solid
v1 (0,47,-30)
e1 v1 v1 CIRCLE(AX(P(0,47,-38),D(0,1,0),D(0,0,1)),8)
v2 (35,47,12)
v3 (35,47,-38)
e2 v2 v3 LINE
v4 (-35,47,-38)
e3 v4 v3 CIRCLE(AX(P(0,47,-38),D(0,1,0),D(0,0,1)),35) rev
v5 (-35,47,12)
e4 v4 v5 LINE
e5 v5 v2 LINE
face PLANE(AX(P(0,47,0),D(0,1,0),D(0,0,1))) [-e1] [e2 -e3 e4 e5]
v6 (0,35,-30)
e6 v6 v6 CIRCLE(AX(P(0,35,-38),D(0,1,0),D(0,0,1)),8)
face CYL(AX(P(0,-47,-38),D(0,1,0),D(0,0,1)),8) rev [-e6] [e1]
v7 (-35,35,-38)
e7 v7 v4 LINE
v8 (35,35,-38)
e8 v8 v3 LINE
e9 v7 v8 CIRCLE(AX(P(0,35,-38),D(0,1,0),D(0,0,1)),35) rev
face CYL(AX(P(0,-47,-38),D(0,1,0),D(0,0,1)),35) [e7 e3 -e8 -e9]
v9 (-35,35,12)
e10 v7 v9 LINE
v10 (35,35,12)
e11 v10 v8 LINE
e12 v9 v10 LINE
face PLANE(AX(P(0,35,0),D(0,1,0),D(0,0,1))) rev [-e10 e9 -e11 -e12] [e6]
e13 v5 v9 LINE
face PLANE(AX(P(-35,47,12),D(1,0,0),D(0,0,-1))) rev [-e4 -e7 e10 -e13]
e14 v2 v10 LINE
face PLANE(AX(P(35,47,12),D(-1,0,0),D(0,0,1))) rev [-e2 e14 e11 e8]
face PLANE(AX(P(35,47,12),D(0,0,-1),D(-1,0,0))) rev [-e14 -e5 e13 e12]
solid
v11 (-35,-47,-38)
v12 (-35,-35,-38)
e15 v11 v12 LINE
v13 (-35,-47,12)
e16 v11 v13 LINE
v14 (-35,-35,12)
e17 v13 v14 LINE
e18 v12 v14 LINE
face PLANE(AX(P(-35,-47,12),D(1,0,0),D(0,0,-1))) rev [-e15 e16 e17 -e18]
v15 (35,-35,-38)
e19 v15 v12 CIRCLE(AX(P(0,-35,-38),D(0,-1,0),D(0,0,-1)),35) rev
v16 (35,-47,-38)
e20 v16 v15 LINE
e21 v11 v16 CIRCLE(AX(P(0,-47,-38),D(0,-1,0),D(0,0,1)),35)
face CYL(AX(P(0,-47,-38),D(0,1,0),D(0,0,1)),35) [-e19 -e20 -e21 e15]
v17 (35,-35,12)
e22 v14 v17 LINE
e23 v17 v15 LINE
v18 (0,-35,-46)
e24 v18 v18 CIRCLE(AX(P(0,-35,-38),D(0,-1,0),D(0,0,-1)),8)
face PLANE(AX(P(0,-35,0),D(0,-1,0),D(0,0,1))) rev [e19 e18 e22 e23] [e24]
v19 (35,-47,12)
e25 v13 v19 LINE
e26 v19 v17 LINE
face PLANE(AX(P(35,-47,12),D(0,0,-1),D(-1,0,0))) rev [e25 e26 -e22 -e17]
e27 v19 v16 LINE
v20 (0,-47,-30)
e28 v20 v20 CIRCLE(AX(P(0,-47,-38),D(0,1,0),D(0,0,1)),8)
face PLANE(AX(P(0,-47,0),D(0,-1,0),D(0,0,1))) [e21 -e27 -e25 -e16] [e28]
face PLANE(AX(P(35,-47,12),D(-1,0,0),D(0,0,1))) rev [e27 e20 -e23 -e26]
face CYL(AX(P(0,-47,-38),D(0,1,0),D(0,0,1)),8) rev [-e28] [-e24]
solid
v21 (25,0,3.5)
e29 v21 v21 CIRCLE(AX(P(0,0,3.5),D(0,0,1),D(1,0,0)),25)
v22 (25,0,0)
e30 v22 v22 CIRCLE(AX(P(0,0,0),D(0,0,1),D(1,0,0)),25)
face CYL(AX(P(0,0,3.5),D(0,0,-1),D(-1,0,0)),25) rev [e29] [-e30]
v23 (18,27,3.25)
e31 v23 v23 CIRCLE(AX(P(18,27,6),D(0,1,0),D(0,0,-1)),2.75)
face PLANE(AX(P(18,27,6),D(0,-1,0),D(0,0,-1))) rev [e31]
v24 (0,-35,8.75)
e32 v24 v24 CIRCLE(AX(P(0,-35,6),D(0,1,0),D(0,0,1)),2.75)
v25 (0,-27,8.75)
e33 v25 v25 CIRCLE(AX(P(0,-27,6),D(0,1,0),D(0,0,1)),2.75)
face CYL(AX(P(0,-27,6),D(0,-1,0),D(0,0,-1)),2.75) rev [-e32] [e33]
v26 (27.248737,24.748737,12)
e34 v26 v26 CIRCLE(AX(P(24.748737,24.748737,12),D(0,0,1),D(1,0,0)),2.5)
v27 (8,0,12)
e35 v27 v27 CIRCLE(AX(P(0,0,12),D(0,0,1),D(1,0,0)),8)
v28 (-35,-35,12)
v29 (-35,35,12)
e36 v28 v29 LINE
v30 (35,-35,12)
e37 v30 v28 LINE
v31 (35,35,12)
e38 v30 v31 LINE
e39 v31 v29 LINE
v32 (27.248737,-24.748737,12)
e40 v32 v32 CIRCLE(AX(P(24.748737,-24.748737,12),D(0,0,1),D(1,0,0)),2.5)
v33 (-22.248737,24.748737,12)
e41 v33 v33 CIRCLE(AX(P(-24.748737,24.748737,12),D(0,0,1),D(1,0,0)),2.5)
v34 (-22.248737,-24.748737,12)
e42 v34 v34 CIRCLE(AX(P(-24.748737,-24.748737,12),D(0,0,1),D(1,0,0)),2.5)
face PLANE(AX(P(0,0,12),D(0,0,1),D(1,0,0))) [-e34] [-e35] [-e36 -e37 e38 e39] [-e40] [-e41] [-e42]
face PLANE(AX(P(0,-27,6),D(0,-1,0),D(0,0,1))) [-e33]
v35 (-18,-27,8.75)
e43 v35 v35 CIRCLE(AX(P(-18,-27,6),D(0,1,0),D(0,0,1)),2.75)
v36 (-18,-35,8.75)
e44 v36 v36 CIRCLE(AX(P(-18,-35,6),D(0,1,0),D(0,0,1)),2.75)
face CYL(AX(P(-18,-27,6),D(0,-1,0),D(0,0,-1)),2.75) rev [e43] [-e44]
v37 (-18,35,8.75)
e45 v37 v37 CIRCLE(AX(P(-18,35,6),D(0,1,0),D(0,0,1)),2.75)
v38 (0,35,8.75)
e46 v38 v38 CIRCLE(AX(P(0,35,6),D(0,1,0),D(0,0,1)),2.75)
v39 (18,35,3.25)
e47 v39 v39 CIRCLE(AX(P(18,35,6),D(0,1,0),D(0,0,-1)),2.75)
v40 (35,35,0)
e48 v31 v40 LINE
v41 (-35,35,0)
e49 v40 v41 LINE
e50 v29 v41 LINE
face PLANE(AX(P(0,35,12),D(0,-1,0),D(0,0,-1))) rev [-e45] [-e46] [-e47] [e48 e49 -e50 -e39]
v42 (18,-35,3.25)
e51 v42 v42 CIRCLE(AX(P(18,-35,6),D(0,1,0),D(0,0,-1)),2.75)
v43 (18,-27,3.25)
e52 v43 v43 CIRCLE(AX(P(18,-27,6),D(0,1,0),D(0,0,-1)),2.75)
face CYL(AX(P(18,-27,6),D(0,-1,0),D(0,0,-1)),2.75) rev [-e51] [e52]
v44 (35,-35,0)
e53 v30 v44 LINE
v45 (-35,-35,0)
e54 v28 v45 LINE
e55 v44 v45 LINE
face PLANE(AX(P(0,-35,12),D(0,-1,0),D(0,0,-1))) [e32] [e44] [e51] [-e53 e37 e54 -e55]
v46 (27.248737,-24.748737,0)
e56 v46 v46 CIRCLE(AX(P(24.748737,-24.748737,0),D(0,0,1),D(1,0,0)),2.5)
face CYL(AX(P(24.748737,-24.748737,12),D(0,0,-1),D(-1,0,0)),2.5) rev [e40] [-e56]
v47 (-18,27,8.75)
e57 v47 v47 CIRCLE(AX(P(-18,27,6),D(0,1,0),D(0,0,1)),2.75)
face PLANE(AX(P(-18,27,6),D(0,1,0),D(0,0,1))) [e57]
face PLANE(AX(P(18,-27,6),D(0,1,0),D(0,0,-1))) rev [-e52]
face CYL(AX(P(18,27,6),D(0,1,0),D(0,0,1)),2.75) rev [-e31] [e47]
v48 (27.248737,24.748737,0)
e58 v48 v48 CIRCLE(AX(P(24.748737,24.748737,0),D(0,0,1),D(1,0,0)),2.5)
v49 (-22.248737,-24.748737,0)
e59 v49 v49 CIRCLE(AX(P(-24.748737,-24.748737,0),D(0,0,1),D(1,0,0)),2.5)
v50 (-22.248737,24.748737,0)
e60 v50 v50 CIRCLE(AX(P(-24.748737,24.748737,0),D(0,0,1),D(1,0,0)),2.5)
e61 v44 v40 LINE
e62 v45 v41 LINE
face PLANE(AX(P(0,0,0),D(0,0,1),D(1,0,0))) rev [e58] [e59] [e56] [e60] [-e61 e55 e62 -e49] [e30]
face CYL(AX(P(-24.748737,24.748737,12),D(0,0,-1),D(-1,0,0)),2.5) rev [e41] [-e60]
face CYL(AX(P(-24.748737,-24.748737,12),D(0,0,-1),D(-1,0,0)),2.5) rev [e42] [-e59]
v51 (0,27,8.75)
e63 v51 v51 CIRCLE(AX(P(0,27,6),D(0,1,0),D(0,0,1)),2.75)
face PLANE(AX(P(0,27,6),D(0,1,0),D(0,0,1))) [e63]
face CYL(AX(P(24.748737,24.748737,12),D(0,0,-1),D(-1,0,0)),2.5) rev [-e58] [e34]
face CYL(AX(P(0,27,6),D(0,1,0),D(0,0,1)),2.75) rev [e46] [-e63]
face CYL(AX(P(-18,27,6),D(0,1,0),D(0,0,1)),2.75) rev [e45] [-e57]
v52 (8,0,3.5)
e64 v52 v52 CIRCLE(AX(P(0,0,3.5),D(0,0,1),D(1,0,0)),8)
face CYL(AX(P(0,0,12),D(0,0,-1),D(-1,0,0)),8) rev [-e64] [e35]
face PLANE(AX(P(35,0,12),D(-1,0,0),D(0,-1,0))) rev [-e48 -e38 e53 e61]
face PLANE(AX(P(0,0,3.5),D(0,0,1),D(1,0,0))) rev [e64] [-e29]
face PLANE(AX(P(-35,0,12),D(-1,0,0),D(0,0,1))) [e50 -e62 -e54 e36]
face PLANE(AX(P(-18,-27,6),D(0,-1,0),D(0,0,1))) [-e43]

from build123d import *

# Parameters (mm, degrees)
SKETCH1_W               = 70
SKETCH1_H               = 70
SKETCH1_R               = 2.5
SKETCH1_R_2             = 25
SKETCH1_R_3             = 8
BOSS_EXTRUDE2_DEPTH     = 12
SKETCH1_5_R             = 25
CUT_EXTRUDE2_DEPTH      = 3.5
SKETCH2_R               = 2.75
CUT_EXTRUDE3_DEPTH      = 8
SKETCH3_W               = 70
SKETCH3_H               = 100
BOSS_EXTRUDE3_DEPTH     = 12
SKETCH5_R               = 8
CUT_EXTRUDE4_DEPTH      = 1
CUT_EXTRUDE4_DEPTH_BACK = 95
CUT_EXTRUDE5_DEPTH      = 1
CUT_EXTRUDE5_DEPTH_BACK = 95


with BuildPart() as part:
    # Sketch1 → Boss-Extrude2 (new body)
    with BuildSketch(Plane(origin=(0, 0, 0), x_dir=(0, 1, 0), z_dir=(0, 0, 1))):
        Rectangle(SKETCH1_W, SKETCH1_H)
        with Locations((-24.748737342, -24.748737342)):
            Circle(SKETCH1_R, mode=Mode.SUBTRACT)
        with Locations((24.748737342, -24.748737342)):
            Circle(SKETCH1_R, mode=Mode.SUBTRACT)
        with Locations((24.748737342, 24.748737342)):
            Circle(SKETCH1_R, mode=Mode.SUBTRACT)
        with Locations((-24.748737342, 24.748737342)):
            Circle(SKETCH1_R, mode=Mode.SUBTRACT)
        Circle(SKETCH1_R_2, mode=Mode.SUBTRACT)
        Circle(SKETCH1_R_2)
        Circle(SKETCH1_R_3, mode=Mode.SUBTRACT)
    extrude(amount=BOSS_EXTRUDE2_DEPTH)

    # Sketch1<5> → Cut-Extrude2 (cut)
    with BuildSketch(Plane(origin=(0, 0, 0), x_dir=(0, 1, 0), z_dir=(0, 0, 1))):
        Circle(SKETCH1_5_R)
    extrude(amount=CUT_EXTRUDE2_DEPTH, mode=Mode.SUBTRACT)

    # Sketch2 → Cut-Extrude3 (cut)
    with BuildSketch(Plane(origin=(0, 35, 0), x_dir=(-1, 0, 0), z_dir=(0, 1, 0))):
        with Locations((0, 6)):
            Circle(SKETCH2_R)
        with Locations((18, 6)):
            Circle(SKETCH2_R)
        with Locations((-18, 6)):
            Circle(SKETCH2_R)
    cut_extrude3 = extrude(amount=-CUT_EXTRUDE3_DEPTH, mode=Mode.SUBTRACT)

    # Mirror2: Cut-Extrude3 across plane
    add(cut_extrude3.mirror(Plane.ZX), mode=Mode.SUBTRACT)


with BuildPart() as body_2:
    # Sketch3 → Boss-Extrude3 (new body)
    with BuildSketch(Plane(origin=(0, 35, 0), x_dir=(-1, 0, 0), z_dir=(0, 1, 0))):
        with Locations((0, -38)):
            Rectangle(SKETCH3_W, SKETCH3_H)
    extrude(amount=BOSS_EXTRUDE3_DEPTH)


with BuildPart() as body_3:
    # Mirror1: mirrored copy
    add(body_2.part.mirror(Plane.ZX))


with BuildPart() as cut_extrude4_tool:
    # Sketch5 → Cut-Extrude4 (new body, two sides)
    with BuildSketch(Plane(origin=(0, 47, 0), x_dir=(-1, 0, 0), z_dir=(0, 1, 0))) as cut_extrude4_sk:
        with Locations((0, -38)):
            Circle(SKETCH5_R)
    extrude(amount=CUT_EXTRUDE4_DEPTH)
    extrude(cut_extrude4_sk.sketch, amount=-CUT_EXTRUDE4_DEPTH_BACK)


with BuildPart() as body_2_1:
    add(body_2.part)

    # Cut-Extrude4: cut by cut_extrude4_tool
    add(cut_extrude4_tool.part, mode=Mode.SUBTRACT)


with BuildPart() as body_3_1:
    add(body_3.part)

    # Cut-Extrude4: cut by cut_extrude4_tool
    add(cut_extrude4_tool.part, mode=Mode.SUBTRACT)


with BuildPart() as cut_extrude5_tool:
    # Sketch6 → Cut-Extrude5 (new body, two sides)
    with BuildSketch(Plane(origin=(0, 47, 0), x_dir=(-1, 0, 0), z_dir=(0, 1, 0))) as cut_extrude5_sk:
        with BuildLine():
            Line((-35, -38), (-35, -88))
            Line((-35, -88), (35, -88))
            Line((35, -88), (35, -38))
            ThreePointArc((35, -38), (0, -73), (-35, -38))
        make_face()
    extrude(amount=CUT_EXTRUDE5_DEPTH)
    extrude(cut_extrude5_sk.sketch, amount=-CUT_EXTRUDE5_DEPTH_BACK)


with BuildPart() as body_2_2:
    add(body_2_1.part)

    # Cut-Extrude5: cut by cut_extrude5_tool
    add(cut_extrude5_tool.part, mode=Mode.SUBTRACT)


with BuildPart() as body_3_2:
    add(body_3_1.part)

    # Cut-Extrude5: cut by cut_extrude5_tool
    add(cut_extrude5_tool.part, mode=Mode.SUBTRACT)


solid = Compound([part.part, body_2_2.part, body_3_2.part])
